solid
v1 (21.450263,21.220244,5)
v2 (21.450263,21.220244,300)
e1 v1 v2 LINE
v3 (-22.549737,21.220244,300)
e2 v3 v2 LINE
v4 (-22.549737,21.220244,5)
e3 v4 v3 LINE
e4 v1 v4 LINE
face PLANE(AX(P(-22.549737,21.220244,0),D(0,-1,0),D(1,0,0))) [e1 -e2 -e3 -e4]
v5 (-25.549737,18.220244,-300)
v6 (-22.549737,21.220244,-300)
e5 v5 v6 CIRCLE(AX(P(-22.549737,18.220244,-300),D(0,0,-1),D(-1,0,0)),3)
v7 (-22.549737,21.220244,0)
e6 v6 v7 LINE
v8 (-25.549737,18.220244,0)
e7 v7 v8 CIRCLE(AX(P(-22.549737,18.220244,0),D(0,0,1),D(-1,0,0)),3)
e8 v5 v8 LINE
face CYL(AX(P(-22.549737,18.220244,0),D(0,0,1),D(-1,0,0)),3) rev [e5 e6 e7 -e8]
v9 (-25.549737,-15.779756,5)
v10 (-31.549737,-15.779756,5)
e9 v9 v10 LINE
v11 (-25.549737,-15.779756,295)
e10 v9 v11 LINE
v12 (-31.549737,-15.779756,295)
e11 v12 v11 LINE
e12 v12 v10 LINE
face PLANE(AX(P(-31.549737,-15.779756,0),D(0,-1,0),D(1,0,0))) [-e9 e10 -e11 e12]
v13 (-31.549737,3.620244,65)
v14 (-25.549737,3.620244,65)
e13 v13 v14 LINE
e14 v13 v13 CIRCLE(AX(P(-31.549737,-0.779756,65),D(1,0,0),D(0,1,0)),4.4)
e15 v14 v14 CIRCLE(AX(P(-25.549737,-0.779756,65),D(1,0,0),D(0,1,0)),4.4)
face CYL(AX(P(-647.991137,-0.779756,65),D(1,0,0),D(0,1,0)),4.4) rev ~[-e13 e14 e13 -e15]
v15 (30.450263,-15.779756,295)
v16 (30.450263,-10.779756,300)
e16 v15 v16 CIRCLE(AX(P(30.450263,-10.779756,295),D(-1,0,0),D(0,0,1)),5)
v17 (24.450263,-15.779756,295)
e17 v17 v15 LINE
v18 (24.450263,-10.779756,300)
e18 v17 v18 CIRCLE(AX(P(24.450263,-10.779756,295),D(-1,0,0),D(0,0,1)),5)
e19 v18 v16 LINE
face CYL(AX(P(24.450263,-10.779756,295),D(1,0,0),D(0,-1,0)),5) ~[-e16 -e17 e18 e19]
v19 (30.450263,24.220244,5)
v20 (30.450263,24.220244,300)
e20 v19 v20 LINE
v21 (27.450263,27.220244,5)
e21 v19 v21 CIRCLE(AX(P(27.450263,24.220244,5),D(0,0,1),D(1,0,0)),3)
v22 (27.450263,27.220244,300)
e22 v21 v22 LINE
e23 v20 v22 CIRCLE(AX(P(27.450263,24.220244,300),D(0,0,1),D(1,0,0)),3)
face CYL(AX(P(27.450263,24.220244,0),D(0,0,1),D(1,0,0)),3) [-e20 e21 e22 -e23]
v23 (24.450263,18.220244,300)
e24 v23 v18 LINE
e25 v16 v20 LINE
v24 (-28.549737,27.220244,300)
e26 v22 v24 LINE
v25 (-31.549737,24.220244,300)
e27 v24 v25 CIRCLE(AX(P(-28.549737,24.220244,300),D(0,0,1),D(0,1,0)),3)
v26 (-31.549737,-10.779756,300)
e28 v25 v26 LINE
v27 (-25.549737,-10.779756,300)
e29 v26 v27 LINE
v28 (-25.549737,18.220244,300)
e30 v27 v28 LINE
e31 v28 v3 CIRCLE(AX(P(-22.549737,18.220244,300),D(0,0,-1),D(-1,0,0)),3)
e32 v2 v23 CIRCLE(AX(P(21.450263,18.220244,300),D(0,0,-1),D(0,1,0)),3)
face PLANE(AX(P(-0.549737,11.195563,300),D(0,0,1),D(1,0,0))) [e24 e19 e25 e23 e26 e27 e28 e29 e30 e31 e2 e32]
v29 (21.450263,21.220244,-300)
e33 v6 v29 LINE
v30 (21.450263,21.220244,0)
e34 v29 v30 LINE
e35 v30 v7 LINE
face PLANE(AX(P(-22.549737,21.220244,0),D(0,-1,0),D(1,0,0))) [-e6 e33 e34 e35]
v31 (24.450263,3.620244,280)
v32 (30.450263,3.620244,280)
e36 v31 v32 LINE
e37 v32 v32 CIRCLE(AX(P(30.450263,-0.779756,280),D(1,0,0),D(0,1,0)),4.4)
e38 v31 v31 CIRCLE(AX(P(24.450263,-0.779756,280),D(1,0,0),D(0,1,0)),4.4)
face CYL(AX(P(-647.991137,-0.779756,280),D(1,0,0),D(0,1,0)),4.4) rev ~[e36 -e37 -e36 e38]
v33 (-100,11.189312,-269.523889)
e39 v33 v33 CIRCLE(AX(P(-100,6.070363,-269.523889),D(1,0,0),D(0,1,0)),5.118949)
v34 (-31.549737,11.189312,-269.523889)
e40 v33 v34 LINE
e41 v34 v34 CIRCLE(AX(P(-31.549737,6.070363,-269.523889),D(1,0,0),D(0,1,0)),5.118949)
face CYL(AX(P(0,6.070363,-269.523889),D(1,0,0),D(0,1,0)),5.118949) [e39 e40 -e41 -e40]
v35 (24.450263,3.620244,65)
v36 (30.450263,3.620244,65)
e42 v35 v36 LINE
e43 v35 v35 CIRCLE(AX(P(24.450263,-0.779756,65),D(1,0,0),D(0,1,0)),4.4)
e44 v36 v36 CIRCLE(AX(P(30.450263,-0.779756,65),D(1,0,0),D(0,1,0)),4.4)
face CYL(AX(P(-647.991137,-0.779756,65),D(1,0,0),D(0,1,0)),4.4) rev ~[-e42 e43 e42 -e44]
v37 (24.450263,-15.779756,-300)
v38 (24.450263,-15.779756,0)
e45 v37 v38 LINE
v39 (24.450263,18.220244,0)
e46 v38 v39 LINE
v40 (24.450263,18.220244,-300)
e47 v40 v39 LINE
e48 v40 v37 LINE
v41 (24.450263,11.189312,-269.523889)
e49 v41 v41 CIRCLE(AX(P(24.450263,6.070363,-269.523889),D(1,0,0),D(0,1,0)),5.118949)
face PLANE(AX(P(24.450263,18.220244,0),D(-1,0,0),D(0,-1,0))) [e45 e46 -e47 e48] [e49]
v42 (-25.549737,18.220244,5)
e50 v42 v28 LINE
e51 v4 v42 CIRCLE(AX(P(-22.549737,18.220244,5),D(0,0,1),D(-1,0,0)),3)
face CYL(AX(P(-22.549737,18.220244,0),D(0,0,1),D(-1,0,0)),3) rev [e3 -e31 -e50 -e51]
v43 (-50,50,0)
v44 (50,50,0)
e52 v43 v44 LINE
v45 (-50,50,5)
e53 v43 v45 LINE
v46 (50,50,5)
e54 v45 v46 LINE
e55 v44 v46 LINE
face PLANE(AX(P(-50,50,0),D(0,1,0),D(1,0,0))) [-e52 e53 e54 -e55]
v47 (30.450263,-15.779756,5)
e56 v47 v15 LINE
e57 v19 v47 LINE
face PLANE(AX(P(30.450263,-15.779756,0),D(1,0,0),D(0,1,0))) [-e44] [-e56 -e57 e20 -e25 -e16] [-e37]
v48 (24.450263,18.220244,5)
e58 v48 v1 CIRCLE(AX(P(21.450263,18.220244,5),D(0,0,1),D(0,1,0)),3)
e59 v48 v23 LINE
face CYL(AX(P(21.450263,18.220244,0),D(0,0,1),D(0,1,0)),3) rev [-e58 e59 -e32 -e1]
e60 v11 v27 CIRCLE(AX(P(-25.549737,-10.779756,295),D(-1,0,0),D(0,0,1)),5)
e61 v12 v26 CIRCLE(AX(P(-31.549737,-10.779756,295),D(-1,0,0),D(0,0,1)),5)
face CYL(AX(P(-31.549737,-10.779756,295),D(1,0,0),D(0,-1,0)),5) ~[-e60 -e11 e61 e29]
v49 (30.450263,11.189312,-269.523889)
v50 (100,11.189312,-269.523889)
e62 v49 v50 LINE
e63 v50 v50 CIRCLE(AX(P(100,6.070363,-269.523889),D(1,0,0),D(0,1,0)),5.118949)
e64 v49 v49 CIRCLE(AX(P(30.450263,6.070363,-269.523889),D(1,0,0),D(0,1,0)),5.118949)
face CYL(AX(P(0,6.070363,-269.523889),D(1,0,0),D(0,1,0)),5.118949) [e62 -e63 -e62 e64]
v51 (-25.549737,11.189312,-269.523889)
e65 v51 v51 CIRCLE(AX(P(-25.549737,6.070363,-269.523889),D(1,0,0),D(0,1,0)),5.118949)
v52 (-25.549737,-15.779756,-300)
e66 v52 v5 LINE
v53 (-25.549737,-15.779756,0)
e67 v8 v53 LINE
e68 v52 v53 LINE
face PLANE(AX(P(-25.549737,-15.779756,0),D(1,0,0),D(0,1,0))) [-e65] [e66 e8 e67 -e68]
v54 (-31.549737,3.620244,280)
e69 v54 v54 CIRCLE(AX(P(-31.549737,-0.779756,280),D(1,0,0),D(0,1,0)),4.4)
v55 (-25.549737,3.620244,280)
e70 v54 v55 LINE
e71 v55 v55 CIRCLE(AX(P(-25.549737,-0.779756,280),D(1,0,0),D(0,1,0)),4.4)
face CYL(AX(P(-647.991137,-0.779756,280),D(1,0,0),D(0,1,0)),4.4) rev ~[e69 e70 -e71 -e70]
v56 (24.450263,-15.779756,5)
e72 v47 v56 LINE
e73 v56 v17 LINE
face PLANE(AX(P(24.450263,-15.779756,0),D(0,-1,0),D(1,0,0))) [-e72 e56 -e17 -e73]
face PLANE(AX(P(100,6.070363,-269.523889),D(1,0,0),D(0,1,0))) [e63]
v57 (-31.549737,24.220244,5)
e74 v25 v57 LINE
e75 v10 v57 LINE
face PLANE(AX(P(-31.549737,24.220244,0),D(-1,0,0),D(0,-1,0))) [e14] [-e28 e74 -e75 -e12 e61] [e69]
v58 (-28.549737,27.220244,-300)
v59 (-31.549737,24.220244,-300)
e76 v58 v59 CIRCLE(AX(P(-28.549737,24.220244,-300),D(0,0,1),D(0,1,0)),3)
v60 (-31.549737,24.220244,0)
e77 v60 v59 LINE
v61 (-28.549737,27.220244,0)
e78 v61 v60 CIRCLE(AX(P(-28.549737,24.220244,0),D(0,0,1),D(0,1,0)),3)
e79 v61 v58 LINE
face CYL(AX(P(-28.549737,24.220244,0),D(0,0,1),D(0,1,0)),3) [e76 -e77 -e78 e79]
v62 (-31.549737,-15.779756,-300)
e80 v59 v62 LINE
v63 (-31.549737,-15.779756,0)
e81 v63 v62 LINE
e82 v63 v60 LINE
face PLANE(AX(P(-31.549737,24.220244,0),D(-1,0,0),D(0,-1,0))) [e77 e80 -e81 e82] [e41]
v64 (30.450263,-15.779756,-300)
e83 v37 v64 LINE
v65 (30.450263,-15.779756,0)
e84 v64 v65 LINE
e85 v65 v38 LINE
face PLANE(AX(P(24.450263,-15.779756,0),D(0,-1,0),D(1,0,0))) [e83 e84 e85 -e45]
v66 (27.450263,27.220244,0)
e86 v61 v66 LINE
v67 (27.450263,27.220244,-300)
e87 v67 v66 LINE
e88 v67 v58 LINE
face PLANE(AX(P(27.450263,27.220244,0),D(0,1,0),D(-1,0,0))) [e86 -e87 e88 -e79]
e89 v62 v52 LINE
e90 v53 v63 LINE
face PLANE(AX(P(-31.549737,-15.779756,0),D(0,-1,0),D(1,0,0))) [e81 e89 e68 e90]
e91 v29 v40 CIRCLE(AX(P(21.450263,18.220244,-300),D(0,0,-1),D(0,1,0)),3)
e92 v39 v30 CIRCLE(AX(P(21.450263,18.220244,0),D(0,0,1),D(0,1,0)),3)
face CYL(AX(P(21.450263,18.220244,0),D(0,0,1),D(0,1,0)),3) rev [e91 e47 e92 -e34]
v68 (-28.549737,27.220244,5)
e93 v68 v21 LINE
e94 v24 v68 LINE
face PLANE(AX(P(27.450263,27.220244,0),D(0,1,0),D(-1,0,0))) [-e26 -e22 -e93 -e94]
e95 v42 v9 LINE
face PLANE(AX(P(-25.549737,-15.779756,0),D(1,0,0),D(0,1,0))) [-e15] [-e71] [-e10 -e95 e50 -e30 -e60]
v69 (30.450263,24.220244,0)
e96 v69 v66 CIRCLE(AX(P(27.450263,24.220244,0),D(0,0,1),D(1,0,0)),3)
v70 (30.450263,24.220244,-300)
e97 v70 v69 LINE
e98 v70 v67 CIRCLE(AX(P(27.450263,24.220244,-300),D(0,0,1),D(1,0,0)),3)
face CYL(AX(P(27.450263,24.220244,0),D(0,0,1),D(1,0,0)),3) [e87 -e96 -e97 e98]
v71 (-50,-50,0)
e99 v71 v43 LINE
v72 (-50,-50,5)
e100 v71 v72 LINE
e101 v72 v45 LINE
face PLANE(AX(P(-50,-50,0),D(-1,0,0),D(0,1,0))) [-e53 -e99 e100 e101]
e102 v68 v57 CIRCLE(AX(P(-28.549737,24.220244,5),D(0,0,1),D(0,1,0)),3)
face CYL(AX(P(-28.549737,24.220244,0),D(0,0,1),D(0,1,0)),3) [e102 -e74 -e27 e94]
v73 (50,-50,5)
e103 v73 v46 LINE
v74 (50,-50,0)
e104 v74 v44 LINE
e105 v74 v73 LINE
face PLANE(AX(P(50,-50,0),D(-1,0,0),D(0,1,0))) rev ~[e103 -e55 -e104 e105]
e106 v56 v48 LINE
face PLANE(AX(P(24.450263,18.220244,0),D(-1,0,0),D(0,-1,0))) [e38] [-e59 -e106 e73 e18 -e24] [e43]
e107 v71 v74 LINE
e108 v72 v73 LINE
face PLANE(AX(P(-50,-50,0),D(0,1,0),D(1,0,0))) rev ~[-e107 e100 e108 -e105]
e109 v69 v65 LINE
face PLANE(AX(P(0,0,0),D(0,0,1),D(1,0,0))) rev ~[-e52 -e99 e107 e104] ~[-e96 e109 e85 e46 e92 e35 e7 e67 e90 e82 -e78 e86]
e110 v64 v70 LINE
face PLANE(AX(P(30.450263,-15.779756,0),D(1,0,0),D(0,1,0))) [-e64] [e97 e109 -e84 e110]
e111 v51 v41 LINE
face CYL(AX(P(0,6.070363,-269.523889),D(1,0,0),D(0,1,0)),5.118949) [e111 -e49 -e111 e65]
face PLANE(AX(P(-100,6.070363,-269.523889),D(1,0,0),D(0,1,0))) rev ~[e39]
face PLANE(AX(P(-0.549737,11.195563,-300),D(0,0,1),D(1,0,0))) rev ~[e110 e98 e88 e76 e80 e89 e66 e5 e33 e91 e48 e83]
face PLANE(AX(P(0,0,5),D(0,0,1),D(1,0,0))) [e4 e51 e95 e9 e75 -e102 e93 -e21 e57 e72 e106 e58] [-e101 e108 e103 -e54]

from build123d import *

# Parameters (mm, degrees)
F1_DEPTH = 300
F2_W     = 100
F2_H     = 100
F3_DEPTH = 5
F5_D     = 8.8
F6_R     = 5
F7_R     = 5.1189485143
F8_DEPTH = 100


with BuildPart() as f1:
    # F0 (on Top) → F1 (new body, symmetric)
    with BuildSketch(Plane.XY):
        with BuildLine():
            Line((-31.5497371938, -15.77975575), (-25.5497371938, -15.77975575))
            Line((-25.5497371938, -15.77975575), (-25.5497371938, 18.2202439159))
            ThreePointArc((-25.5497371938, 18.2202439159), (-24.6710575374, 20.3415642595), (-22.5497371938, 21.2202439159))
            Line((-22.5497371938, 21.2202439159), (21.4502628062, 21.2202439159))
            ThreePointArc((21.4502628062, 21.2202439159), (23.5715831497, 20.3415642595), (24.4502628062, 18.2202439159))
            Line((24.4502628062, 18.2202439159), (24.4502628062, -15.77975575))
            Line((24.4502628062, -15.77975575), (30.4502628062, -15.77975575))
            Line((30.4502628062, -15.77975575), (30.4502628062, 24.2202439159))
            ThreePointArc((30.4502628062, 24.2202439159), (29.5715831497, 26.3415642595), (27.4502628062, 27.2202439159))
            Line((27.4502628062, 27.2202439159), (-28.5497371938, 27.2202439159))
            ThreePointArc((-28.5497371938, 27.2202439159), (-30.6710575374, 26.3415642595), (-31.5497371938, 24.2202439159))
            Line((-31.5497371938, 24.2202439159), (-31.5497371938, -15.77975575))
        make_face()
    extrude(amount=F1_DEPTH, both=True)

    # F2 (on Top) → F3 (join)
    with BuildSketch(Plane.XY):
        Rectangle(F2_W, F2_H)
    extrude(amount=F3_DEPTH)

    # F5 (through all)
    with Locations(Plane(origin=(-31.5497371938, 0, 0), x_dir=(0, -1, 0), z_dir=(-1, 0, 0))):
        with Locations((0.77975575, 280), (0.77975575, 65)):
            Hole(F5_D / 2)

    # F6
    f6_edges = [f1.edges().sort_by_distance(p)[0] for p in [
        (-28.549737, -15.779756, 300),
        (27.450263, -15.779756, 300),
    ]]
    fillet(f6_edges, radius=F6_R)

    # F7 (on Right) → F8 (join, symmetric)
    with BuildSketch(Plane.YZ):
        with Locations((6.0703633353, -269.5238888264)):
            Circle(F7_R)
    extrude(amount=F8_DEPTH, both=True)


solid = f1.part
